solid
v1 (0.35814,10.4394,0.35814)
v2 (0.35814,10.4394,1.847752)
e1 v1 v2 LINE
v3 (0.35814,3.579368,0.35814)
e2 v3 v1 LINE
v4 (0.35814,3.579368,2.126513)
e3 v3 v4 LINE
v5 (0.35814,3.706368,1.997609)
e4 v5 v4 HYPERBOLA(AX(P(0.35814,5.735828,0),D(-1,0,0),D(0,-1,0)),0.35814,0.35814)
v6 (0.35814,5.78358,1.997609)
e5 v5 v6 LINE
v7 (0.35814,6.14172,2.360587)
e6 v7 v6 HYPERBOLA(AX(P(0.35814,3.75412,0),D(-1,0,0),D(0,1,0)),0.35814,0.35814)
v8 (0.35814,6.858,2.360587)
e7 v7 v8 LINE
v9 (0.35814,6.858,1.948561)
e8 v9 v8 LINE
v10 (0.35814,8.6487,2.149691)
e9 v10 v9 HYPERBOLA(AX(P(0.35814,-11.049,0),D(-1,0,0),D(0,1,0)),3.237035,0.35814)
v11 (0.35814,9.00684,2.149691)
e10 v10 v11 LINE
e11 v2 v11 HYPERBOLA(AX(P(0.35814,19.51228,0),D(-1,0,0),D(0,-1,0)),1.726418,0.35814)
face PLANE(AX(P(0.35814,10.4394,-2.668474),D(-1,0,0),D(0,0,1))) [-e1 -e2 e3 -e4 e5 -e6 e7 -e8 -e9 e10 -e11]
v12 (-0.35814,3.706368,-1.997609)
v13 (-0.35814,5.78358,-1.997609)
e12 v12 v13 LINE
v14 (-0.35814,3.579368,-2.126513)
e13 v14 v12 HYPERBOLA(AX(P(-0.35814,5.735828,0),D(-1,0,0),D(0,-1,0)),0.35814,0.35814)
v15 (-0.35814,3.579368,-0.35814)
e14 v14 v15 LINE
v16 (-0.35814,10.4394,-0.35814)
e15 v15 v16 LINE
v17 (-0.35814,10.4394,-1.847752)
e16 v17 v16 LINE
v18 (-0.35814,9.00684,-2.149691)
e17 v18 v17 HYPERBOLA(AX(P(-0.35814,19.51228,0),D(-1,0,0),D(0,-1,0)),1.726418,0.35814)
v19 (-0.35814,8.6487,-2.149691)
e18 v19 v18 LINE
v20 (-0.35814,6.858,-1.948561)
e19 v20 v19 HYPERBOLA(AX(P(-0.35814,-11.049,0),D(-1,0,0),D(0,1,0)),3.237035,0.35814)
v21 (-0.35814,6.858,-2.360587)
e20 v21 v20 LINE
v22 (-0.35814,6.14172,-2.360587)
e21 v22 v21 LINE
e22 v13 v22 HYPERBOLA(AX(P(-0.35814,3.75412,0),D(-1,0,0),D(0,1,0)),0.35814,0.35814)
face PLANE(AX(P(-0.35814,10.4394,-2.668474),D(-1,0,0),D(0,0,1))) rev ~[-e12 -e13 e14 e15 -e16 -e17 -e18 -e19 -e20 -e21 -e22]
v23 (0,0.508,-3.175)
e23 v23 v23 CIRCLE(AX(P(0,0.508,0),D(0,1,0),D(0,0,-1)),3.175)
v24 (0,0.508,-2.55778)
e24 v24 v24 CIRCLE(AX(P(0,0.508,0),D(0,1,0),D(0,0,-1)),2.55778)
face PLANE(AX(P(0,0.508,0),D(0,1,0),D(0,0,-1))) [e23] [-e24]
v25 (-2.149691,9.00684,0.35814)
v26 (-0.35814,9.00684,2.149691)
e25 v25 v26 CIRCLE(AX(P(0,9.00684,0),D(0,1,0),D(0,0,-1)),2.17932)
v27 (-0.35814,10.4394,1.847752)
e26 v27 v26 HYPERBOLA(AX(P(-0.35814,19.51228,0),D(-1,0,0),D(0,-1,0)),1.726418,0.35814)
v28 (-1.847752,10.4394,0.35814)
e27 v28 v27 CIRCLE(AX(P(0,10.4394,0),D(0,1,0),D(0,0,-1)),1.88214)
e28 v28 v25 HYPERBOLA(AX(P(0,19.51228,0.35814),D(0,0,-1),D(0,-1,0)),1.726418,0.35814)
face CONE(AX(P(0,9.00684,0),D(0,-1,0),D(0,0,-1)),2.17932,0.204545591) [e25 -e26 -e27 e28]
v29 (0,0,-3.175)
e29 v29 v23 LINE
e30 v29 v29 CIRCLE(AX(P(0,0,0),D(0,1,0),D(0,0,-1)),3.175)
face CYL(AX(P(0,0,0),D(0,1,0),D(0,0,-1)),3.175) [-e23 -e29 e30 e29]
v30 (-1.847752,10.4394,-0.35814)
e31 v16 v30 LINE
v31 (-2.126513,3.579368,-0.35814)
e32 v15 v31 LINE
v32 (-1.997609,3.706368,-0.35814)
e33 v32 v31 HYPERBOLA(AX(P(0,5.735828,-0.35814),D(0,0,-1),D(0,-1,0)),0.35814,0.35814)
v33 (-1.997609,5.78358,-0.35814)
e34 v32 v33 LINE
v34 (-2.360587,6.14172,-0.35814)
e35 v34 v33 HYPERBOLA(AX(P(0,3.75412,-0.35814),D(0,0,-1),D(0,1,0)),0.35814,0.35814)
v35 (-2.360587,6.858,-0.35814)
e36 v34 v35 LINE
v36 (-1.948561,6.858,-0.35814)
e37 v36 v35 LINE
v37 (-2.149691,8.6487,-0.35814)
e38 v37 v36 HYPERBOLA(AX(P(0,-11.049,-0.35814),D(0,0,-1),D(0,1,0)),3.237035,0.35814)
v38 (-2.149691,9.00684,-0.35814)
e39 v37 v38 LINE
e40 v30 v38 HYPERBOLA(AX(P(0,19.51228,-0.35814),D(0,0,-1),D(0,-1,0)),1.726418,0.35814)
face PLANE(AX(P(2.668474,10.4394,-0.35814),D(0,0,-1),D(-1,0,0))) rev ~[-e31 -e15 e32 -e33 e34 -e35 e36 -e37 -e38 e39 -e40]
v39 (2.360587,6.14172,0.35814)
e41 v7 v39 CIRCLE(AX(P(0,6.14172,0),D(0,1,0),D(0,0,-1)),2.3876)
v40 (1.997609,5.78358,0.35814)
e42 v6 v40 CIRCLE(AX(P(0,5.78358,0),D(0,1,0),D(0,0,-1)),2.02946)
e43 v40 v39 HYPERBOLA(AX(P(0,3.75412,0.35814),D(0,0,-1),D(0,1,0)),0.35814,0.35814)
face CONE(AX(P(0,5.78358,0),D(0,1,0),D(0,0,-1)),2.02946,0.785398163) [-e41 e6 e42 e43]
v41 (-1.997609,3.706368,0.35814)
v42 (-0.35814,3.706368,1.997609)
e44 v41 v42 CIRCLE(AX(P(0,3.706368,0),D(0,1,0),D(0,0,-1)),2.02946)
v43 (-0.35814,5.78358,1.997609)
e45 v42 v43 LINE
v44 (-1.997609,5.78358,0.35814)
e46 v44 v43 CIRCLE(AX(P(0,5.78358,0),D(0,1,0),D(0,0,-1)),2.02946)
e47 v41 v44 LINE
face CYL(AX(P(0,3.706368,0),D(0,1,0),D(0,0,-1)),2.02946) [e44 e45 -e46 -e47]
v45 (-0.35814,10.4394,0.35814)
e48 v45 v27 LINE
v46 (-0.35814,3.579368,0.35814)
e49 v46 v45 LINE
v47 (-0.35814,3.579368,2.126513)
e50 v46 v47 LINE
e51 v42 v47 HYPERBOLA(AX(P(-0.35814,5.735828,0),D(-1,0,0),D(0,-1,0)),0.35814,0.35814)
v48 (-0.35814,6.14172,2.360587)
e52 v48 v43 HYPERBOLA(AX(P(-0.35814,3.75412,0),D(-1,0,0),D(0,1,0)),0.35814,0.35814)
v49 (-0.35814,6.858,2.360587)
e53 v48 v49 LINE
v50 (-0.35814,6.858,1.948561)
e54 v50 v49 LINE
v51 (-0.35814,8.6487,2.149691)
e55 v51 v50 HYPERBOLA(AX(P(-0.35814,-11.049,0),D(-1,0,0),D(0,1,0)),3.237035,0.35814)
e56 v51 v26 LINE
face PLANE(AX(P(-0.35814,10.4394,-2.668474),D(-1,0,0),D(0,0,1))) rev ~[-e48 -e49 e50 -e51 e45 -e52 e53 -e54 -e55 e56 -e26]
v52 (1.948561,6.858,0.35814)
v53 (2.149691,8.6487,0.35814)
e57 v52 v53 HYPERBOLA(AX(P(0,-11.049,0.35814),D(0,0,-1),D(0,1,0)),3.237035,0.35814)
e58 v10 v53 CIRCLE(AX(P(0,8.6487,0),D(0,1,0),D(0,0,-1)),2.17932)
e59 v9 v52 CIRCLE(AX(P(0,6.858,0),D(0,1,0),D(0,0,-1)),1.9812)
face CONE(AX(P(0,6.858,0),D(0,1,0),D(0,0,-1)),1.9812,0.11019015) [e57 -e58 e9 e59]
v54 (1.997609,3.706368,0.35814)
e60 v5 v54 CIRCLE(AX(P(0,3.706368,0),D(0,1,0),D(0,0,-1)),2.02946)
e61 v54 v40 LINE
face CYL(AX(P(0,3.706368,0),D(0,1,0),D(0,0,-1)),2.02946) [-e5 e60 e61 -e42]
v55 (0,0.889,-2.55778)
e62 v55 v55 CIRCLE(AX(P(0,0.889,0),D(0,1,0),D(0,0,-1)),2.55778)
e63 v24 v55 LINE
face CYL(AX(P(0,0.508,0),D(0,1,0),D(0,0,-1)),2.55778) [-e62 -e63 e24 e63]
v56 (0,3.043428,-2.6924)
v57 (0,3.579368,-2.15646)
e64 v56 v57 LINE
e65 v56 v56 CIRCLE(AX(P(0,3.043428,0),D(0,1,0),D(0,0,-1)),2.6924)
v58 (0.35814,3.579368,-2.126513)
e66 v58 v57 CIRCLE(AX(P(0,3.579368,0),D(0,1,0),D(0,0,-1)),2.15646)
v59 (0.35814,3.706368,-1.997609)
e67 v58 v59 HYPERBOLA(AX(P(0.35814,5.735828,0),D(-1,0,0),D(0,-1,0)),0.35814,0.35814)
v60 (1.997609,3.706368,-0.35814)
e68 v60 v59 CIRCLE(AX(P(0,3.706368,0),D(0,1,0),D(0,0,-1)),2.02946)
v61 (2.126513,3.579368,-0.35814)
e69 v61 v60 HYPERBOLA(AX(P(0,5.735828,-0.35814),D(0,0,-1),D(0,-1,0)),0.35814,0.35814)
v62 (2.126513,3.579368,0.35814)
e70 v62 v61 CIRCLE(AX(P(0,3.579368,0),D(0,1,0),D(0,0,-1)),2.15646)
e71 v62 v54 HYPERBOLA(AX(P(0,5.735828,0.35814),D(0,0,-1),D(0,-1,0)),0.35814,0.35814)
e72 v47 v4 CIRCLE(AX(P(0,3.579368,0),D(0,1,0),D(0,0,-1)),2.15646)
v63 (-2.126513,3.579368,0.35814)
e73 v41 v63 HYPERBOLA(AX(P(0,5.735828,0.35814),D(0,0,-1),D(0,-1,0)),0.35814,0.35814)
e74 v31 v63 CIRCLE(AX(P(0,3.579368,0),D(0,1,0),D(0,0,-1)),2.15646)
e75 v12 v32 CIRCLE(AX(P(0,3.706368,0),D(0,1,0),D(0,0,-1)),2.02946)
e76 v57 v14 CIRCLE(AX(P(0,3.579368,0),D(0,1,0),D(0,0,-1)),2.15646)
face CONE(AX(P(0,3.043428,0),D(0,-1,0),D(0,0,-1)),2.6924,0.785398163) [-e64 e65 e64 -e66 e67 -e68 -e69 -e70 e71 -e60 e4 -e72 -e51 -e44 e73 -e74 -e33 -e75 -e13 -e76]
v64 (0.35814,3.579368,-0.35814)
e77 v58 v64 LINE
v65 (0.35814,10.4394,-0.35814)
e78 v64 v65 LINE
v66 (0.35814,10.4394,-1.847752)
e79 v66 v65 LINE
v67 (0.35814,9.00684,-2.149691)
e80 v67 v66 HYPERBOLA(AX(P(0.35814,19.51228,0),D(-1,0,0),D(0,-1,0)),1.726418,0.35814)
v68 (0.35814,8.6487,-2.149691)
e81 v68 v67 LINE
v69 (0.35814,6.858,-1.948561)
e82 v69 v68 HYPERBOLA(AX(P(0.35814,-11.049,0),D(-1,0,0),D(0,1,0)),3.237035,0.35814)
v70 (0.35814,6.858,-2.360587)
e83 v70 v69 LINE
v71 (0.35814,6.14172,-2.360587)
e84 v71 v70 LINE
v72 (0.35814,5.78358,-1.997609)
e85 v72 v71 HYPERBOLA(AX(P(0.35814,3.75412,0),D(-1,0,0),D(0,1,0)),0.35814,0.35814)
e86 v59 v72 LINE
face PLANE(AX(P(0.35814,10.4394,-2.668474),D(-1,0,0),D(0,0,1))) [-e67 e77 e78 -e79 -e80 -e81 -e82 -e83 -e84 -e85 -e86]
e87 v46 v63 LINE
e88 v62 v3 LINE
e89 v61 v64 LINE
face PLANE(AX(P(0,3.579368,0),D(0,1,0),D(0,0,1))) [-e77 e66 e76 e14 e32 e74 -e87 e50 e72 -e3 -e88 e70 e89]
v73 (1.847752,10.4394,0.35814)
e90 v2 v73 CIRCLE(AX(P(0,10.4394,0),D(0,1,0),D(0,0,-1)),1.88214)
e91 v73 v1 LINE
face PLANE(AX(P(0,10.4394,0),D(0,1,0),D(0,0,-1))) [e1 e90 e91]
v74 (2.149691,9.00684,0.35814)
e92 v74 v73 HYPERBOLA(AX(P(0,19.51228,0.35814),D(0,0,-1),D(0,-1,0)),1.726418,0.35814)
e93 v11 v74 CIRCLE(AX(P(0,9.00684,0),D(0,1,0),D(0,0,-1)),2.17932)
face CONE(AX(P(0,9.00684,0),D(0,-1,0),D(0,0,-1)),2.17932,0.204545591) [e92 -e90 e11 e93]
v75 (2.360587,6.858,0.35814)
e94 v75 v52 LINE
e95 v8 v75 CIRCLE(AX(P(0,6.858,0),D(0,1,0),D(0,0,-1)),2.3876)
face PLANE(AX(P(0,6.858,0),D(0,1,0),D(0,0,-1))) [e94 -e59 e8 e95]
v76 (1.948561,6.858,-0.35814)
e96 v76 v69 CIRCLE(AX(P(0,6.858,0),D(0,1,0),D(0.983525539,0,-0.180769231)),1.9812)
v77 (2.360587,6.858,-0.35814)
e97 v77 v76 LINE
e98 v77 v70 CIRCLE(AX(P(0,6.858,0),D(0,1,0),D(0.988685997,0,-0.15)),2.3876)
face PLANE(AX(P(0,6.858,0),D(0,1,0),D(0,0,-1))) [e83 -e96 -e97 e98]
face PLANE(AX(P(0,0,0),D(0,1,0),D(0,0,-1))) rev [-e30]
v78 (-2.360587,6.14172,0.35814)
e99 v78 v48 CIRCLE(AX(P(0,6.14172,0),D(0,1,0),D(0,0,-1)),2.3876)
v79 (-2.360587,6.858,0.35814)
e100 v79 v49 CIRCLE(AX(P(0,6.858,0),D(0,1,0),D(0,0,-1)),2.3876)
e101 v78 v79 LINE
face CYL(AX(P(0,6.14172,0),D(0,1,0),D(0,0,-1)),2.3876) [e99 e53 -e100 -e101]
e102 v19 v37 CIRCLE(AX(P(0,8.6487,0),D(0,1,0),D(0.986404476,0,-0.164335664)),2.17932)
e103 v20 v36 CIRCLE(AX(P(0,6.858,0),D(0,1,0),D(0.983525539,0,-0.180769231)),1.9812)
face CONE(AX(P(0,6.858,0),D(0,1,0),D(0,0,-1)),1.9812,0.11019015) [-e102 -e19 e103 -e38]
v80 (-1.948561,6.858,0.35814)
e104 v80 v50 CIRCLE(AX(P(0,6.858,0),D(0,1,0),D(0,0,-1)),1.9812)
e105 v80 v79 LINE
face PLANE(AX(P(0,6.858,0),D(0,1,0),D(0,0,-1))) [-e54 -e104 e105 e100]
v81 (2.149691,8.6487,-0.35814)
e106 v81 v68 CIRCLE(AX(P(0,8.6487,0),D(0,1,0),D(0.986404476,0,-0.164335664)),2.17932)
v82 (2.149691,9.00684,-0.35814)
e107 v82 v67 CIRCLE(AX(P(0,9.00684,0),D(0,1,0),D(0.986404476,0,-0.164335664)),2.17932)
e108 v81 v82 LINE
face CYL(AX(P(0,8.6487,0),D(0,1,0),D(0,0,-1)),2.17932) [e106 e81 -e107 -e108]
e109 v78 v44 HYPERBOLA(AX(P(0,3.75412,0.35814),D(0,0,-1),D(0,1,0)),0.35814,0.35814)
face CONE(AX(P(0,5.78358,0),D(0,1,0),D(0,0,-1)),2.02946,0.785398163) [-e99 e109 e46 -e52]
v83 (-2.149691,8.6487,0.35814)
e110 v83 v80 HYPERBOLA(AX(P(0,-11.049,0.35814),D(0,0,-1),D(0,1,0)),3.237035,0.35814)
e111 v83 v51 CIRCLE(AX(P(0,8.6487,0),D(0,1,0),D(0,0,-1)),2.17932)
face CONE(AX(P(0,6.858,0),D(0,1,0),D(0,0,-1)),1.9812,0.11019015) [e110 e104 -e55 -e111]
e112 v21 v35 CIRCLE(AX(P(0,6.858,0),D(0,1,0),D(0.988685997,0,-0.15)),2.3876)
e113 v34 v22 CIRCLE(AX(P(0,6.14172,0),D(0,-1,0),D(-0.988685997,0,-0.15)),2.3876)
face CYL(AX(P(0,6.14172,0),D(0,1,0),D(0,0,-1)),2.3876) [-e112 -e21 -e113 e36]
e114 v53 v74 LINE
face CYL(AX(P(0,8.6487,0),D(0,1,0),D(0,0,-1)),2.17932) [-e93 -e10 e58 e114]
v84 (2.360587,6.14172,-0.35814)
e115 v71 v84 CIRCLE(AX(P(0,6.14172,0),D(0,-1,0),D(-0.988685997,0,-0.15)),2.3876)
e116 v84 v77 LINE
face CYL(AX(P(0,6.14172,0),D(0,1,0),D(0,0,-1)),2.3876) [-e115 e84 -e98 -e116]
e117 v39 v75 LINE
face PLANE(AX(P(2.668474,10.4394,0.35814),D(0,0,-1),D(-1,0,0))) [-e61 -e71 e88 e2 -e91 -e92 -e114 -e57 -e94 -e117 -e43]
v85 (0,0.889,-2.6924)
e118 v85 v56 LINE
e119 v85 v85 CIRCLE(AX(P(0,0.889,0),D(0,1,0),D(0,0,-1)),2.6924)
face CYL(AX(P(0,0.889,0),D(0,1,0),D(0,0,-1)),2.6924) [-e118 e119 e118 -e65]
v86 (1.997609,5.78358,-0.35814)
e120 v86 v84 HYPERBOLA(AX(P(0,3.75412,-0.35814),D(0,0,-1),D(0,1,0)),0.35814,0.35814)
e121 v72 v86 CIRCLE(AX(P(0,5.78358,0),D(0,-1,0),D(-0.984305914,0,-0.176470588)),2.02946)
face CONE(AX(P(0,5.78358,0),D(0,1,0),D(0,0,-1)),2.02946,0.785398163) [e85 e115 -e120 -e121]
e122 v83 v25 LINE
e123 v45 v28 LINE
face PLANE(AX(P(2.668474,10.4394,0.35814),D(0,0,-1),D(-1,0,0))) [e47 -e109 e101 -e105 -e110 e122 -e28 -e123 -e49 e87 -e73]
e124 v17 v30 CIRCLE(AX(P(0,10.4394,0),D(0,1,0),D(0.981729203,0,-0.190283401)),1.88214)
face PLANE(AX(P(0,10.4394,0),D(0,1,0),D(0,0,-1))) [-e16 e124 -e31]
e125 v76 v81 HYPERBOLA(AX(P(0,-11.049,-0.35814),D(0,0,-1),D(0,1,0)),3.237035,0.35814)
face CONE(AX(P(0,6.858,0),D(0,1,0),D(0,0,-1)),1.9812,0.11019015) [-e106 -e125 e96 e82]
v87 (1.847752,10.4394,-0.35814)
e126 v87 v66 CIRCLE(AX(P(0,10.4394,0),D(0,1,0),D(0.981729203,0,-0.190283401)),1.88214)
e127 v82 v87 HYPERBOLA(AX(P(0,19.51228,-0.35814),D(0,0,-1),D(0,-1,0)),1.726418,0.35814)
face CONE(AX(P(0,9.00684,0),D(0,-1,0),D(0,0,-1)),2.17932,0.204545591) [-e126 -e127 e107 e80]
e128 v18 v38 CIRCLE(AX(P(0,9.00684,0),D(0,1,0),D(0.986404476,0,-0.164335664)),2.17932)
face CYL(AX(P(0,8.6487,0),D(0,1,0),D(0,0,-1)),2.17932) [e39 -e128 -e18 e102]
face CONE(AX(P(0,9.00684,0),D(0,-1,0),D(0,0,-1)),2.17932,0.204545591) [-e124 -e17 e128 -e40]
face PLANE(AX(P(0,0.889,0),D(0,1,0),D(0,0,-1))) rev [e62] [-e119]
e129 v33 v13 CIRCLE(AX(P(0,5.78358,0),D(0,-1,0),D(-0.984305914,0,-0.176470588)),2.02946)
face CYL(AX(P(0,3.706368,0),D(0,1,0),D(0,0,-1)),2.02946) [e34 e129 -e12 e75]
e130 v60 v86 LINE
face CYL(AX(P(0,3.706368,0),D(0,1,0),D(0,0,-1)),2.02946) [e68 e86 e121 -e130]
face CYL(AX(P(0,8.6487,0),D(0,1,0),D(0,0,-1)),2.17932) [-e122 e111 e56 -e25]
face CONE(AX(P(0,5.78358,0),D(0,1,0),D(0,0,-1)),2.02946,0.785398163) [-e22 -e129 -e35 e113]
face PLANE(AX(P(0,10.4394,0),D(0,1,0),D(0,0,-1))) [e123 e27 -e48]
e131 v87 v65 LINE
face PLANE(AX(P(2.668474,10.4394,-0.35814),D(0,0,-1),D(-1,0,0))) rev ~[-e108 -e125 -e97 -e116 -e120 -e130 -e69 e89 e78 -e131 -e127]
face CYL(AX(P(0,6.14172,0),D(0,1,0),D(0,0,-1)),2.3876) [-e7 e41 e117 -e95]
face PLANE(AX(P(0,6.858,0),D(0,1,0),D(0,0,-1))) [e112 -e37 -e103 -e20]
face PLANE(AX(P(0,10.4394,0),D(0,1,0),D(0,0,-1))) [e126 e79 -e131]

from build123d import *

# Parameters (mm, degrees)
SLITCUTSKE_W     = 5.336948004
SLITCUTSKE_H     = 0.71628
SLITCUT_DEPTH    = 6.860032
SLITCUTPAT_COUNT = 2
SLITCUTPAT_ANGLE = 90


with BuildPart() as part:
    # BodySke → Body (revolve)
    with BuildSketch(Plane.XY, mode=Mode.PRIVATE) as body_sk:
        Polygon((2.55778, 0.508), (2.55778, 0.889), (2.6924, 0.889), (2.6924, 3.043428), (2.02946, 3.706368), (2.02946, 5.78358), (2.3876, 6.14172), (2.3876, 6.858), (1.9812, 6.858), (2.17932, 8.6487), (2.17932, 9.00684), (1.88214, 10.4394), (0, 10.4394), (0, 0), (3.175, 0), (3.175, 0.508), align=None)
    revolve(body_sk.sketch.rotate(Axis((0, 0, 0), (0, 1, 0)), 90), axis=Axis((0, 0, 0), (0, 1, 0)))

    # SlitCutSke → SlitCut (cut)
    with BuildSketch(Plane(origin=(0, 10.4394, 0), x_dir=(-1, 0, 0), z_dir=(0, 1, 0))):
        Rectangle(SLITCUTSKE_W, SLITCUTSKE_H)
    slitcut = extrude(amount=-SLITCUT_DEPTH, mode=Mode.SUBTRACT)

    # SlitCutPat: SlitCut ×2 about axis
    slitcutpat_axis = Axis((0, 0, 0), (0, 1, 0))
    for i in range(1, SLITCUTPAT_COUNT):
        add(slitcut.rotate(slitcutpat_axis, i * SLITCUTPAT_ANGLE / (SLITCUTPAT_COUNT - 1)), mode=Mode.SUBTRACT)


solid = part.part
